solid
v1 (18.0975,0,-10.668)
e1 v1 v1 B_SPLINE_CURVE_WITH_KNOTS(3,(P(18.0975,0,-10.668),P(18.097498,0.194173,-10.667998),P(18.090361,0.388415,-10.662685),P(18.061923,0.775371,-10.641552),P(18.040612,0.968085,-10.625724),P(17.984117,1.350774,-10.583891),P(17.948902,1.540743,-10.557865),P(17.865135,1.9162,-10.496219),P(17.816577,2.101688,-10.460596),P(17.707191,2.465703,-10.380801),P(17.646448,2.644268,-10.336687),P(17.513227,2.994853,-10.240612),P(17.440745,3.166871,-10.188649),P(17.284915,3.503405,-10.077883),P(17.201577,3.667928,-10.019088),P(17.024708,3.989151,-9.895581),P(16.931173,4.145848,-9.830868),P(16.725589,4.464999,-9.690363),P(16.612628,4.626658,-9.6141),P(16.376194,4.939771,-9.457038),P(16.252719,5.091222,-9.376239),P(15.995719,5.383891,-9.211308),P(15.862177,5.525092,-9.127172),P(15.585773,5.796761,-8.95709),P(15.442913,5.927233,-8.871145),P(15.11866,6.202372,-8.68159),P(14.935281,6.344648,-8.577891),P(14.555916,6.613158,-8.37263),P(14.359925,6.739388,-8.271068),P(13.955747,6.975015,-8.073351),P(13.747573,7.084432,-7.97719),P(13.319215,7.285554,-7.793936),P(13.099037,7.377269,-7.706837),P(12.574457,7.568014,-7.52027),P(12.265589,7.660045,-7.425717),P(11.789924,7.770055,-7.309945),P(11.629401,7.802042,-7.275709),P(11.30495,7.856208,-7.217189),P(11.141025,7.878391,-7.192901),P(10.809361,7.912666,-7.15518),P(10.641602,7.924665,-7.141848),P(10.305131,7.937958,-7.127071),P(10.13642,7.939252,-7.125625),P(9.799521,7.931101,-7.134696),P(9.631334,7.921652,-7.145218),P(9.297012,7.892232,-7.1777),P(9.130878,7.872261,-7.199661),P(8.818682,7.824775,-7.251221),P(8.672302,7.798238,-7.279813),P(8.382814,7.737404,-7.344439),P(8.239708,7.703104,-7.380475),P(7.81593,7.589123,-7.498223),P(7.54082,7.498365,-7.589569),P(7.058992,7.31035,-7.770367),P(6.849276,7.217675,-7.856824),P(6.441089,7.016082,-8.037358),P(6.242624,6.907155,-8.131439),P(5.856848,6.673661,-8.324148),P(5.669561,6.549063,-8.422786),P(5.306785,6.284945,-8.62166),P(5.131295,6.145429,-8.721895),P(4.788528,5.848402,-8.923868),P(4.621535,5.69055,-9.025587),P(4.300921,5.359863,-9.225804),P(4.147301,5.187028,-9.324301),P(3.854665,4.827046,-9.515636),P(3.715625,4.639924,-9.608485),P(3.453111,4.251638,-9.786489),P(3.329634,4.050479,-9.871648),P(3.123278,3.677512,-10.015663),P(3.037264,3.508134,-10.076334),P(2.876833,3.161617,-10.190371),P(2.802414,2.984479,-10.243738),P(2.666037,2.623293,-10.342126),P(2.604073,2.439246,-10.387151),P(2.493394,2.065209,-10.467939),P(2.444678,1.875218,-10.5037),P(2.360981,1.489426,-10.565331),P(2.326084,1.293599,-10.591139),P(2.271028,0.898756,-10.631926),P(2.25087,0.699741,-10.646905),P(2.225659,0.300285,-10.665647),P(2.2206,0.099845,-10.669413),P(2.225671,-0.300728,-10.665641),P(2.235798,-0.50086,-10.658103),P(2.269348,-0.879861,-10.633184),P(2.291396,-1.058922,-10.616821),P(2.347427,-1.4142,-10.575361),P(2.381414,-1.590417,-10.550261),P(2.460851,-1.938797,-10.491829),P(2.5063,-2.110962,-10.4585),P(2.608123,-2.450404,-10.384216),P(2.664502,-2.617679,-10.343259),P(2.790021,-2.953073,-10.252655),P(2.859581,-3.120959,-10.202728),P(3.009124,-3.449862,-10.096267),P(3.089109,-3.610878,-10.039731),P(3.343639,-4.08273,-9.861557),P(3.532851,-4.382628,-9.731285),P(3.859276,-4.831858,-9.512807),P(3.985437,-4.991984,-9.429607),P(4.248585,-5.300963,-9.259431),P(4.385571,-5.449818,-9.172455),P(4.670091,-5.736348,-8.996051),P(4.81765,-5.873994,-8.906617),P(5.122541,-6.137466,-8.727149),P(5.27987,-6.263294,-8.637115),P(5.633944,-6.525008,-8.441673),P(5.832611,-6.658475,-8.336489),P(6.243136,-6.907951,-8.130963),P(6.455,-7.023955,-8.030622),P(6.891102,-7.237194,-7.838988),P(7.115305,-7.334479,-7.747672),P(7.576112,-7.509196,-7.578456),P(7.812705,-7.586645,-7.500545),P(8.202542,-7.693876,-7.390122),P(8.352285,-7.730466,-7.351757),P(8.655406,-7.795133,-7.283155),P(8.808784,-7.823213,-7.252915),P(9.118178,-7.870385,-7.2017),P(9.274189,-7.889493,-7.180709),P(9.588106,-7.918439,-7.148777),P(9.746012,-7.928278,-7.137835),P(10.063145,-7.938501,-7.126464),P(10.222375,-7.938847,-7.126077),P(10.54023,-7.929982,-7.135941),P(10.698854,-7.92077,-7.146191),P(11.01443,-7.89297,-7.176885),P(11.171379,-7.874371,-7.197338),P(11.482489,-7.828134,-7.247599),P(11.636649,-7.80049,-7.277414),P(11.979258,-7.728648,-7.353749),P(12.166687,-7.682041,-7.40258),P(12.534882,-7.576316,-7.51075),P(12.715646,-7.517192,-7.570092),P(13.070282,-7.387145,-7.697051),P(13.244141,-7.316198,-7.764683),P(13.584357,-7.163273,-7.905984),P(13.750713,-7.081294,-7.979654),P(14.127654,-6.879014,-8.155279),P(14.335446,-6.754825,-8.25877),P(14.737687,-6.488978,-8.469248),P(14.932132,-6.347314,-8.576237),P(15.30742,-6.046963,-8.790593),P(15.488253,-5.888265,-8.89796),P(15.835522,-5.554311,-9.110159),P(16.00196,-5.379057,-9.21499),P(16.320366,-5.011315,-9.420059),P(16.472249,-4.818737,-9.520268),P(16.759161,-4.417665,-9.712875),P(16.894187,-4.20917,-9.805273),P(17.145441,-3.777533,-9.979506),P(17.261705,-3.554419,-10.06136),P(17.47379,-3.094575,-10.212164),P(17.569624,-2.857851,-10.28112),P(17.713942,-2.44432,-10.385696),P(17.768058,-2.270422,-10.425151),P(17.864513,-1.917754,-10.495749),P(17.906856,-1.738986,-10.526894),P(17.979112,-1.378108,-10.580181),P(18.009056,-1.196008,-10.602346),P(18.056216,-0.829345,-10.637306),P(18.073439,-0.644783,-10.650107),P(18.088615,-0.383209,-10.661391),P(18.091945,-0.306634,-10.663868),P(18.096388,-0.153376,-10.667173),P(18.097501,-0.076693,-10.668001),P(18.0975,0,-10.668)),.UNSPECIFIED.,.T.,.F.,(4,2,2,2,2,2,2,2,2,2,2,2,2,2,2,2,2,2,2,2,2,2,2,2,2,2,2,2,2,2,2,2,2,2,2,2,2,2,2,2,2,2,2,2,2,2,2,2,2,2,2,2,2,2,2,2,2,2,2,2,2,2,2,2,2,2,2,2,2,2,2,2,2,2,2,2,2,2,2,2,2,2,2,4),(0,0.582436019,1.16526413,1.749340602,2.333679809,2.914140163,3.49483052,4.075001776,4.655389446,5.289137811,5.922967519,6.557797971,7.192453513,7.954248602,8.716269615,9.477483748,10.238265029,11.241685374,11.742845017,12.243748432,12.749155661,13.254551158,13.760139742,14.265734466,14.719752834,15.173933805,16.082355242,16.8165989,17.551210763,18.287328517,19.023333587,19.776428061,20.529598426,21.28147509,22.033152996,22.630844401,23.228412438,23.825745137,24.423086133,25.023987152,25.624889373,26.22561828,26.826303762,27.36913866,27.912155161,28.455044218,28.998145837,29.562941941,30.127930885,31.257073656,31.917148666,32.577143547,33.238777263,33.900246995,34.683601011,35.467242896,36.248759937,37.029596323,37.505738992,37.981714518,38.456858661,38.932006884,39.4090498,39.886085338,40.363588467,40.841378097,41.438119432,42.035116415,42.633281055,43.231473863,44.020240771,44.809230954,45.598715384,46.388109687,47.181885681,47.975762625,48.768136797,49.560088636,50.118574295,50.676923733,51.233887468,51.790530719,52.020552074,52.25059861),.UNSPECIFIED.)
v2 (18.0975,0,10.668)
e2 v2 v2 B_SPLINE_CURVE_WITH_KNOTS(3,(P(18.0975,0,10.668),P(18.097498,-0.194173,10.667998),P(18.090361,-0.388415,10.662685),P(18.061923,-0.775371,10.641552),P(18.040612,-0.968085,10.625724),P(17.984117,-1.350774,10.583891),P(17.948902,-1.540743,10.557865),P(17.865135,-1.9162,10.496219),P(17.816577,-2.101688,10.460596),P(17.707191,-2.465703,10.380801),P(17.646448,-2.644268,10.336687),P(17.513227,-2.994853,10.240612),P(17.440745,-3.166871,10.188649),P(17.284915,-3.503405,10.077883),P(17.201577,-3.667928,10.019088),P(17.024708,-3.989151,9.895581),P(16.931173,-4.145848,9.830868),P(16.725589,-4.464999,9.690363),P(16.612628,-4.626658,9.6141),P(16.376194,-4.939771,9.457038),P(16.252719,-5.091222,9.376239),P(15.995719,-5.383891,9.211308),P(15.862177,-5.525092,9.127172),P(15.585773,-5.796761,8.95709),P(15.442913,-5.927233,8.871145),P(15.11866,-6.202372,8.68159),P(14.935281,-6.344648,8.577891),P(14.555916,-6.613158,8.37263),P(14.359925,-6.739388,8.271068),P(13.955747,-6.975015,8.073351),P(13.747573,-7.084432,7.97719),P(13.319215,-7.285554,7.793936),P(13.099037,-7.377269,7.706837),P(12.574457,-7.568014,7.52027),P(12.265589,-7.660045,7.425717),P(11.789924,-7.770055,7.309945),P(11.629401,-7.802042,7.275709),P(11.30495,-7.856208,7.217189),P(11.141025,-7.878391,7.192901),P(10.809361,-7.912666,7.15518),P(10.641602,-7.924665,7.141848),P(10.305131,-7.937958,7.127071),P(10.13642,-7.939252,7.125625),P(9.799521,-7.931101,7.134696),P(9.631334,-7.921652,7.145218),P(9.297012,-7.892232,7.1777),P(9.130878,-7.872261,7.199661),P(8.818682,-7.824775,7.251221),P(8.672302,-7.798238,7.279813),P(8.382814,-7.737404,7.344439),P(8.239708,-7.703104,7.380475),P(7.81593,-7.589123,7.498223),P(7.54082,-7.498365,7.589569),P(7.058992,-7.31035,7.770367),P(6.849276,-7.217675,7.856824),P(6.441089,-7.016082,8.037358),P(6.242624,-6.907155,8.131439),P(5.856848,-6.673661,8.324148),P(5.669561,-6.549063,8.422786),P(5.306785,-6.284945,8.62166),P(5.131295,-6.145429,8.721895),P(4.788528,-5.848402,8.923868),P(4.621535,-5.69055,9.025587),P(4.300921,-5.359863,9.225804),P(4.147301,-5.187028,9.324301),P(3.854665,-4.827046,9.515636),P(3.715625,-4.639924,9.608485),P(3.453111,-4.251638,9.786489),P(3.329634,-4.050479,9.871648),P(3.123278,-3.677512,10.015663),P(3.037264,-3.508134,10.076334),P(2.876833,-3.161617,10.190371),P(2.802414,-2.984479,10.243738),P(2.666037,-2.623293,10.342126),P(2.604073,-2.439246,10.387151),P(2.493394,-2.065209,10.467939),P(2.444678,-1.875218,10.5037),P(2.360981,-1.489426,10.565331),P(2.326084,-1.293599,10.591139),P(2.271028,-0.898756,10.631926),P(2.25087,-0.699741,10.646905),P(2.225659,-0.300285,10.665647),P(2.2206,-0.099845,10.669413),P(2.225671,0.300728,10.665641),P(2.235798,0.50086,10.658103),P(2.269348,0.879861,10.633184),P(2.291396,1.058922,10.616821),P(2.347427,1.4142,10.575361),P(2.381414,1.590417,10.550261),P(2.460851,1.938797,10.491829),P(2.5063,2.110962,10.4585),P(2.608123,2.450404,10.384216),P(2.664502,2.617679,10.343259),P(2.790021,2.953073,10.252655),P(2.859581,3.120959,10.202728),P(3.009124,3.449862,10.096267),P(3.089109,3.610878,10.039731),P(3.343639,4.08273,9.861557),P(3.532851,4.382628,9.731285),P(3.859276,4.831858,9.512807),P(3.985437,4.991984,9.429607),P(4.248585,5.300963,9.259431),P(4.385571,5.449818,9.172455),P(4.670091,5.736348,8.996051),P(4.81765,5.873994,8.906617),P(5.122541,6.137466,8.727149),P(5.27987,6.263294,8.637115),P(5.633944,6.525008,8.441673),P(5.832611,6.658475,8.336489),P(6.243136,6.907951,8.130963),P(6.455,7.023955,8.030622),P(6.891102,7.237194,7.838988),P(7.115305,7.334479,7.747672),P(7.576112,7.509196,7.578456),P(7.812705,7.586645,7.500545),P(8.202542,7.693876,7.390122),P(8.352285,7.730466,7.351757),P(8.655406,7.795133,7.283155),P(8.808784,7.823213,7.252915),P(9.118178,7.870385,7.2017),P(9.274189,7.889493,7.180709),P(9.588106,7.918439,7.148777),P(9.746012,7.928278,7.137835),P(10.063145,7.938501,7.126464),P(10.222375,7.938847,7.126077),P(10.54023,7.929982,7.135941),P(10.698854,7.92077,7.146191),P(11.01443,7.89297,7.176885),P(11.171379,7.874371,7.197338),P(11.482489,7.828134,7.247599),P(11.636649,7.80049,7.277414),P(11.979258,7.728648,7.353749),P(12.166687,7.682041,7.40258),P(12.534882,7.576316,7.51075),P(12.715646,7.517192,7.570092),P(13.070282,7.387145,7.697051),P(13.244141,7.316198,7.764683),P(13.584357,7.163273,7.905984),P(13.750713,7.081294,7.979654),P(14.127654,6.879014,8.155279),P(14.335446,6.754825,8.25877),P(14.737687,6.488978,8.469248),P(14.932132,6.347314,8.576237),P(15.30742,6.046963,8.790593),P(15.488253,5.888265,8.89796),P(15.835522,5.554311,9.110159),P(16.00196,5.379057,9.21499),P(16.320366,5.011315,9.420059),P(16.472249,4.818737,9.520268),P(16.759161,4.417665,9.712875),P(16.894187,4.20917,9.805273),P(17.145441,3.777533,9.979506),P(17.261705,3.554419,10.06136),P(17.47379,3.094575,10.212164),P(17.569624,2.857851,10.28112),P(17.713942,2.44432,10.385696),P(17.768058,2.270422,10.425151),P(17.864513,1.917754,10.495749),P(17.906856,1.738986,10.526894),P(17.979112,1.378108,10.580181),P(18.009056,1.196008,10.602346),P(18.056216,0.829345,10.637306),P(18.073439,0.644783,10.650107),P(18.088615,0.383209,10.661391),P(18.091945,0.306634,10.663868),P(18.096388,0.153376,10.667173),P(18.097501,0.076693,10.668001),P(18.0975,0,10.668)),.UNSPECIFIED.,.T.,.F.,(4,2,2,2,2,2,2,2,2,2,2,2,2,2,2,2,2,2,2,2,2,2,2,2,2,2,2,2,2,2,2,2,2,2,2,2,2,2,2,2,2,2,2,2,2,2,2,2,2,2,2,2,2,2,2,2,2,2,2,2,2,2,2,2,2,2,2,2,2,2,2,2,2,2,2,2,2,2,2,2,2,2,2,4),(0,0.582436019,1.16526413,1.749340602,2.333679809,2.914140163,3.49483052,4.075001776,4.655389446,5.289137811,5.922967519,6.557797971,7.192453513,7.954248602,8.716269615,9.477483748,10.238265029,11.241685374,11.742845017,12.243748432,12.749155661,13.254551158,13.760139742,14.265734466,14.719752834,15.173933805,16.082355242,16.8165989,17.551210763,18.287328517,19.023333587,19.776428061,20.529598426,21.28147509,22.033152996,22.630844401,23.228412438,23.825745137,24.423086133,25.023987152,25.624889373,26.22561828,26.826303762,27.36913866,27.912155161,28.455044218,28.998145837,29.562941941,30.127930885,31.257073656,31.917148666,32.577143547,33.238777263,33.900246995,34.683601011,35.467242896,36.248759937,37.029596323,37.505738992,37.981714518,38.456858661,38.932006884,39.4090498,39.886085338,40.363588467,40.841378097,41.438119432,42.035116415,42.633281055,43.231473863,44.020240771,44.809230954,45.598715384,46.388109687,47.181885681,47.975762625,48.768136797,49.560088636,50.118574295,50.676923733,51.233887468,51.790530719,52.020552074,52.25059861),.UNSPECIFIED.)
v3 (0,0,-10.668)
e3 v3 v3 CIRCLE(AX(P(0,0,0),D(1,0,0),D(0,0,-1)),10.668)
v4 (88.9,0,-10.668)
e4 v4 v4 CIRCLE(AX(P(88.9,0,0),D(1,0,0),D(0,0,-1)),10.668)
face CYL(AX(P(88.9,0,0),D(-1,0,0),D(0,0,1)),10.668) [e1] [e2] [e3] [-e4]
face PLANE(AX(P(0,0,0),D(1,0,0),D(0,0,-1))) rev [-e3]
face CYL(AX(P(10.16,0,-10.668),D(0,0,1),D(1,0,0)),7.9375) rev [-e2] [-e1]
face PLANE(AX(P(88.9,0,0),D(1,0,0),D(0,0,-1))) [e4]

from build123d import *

# Parameters (mm, degrees)
SKETCH1_R               = 10.668
BOSS_EXTRUDE1_DEPTH     = 88.9
CUT_EXTRUDE2_DEPTH      = 91.171073233
CUT_EXTRUDE2_DEPTH_BACK = 91.171073233
SKETCH2_R               = 7.9375


with BuildPart() as part:
    # Sketch1 → Boss-Extrude1 (new body)
    with BuildSketch(Plane(origin=(0, 0, 0), x_dir=(0, 0, -1), z_dir=(1, 0, 0))):
        Circle(SKETCH1_R)
    extrude(amount=BOSS_EXTRUDE1_DEPTH)

    # Sketch2 → Cut-Extrude2 (cut, two sides: drawn at the far end of the back side and taken through both)
    with BuildSketch(Plane.XY.offset(-CUT_EXTRUDE2_DEPTH_BACK)):
        with Locations((10.16, 0)):
            Circle(SKETCH2_R)
    extrude(amount=CUT_EXTRUDE2_DEPTH + CUT_EXTRUDE2_DEPTH_BACK, mode=Mode.SUBTRACT)


solid = part.part
